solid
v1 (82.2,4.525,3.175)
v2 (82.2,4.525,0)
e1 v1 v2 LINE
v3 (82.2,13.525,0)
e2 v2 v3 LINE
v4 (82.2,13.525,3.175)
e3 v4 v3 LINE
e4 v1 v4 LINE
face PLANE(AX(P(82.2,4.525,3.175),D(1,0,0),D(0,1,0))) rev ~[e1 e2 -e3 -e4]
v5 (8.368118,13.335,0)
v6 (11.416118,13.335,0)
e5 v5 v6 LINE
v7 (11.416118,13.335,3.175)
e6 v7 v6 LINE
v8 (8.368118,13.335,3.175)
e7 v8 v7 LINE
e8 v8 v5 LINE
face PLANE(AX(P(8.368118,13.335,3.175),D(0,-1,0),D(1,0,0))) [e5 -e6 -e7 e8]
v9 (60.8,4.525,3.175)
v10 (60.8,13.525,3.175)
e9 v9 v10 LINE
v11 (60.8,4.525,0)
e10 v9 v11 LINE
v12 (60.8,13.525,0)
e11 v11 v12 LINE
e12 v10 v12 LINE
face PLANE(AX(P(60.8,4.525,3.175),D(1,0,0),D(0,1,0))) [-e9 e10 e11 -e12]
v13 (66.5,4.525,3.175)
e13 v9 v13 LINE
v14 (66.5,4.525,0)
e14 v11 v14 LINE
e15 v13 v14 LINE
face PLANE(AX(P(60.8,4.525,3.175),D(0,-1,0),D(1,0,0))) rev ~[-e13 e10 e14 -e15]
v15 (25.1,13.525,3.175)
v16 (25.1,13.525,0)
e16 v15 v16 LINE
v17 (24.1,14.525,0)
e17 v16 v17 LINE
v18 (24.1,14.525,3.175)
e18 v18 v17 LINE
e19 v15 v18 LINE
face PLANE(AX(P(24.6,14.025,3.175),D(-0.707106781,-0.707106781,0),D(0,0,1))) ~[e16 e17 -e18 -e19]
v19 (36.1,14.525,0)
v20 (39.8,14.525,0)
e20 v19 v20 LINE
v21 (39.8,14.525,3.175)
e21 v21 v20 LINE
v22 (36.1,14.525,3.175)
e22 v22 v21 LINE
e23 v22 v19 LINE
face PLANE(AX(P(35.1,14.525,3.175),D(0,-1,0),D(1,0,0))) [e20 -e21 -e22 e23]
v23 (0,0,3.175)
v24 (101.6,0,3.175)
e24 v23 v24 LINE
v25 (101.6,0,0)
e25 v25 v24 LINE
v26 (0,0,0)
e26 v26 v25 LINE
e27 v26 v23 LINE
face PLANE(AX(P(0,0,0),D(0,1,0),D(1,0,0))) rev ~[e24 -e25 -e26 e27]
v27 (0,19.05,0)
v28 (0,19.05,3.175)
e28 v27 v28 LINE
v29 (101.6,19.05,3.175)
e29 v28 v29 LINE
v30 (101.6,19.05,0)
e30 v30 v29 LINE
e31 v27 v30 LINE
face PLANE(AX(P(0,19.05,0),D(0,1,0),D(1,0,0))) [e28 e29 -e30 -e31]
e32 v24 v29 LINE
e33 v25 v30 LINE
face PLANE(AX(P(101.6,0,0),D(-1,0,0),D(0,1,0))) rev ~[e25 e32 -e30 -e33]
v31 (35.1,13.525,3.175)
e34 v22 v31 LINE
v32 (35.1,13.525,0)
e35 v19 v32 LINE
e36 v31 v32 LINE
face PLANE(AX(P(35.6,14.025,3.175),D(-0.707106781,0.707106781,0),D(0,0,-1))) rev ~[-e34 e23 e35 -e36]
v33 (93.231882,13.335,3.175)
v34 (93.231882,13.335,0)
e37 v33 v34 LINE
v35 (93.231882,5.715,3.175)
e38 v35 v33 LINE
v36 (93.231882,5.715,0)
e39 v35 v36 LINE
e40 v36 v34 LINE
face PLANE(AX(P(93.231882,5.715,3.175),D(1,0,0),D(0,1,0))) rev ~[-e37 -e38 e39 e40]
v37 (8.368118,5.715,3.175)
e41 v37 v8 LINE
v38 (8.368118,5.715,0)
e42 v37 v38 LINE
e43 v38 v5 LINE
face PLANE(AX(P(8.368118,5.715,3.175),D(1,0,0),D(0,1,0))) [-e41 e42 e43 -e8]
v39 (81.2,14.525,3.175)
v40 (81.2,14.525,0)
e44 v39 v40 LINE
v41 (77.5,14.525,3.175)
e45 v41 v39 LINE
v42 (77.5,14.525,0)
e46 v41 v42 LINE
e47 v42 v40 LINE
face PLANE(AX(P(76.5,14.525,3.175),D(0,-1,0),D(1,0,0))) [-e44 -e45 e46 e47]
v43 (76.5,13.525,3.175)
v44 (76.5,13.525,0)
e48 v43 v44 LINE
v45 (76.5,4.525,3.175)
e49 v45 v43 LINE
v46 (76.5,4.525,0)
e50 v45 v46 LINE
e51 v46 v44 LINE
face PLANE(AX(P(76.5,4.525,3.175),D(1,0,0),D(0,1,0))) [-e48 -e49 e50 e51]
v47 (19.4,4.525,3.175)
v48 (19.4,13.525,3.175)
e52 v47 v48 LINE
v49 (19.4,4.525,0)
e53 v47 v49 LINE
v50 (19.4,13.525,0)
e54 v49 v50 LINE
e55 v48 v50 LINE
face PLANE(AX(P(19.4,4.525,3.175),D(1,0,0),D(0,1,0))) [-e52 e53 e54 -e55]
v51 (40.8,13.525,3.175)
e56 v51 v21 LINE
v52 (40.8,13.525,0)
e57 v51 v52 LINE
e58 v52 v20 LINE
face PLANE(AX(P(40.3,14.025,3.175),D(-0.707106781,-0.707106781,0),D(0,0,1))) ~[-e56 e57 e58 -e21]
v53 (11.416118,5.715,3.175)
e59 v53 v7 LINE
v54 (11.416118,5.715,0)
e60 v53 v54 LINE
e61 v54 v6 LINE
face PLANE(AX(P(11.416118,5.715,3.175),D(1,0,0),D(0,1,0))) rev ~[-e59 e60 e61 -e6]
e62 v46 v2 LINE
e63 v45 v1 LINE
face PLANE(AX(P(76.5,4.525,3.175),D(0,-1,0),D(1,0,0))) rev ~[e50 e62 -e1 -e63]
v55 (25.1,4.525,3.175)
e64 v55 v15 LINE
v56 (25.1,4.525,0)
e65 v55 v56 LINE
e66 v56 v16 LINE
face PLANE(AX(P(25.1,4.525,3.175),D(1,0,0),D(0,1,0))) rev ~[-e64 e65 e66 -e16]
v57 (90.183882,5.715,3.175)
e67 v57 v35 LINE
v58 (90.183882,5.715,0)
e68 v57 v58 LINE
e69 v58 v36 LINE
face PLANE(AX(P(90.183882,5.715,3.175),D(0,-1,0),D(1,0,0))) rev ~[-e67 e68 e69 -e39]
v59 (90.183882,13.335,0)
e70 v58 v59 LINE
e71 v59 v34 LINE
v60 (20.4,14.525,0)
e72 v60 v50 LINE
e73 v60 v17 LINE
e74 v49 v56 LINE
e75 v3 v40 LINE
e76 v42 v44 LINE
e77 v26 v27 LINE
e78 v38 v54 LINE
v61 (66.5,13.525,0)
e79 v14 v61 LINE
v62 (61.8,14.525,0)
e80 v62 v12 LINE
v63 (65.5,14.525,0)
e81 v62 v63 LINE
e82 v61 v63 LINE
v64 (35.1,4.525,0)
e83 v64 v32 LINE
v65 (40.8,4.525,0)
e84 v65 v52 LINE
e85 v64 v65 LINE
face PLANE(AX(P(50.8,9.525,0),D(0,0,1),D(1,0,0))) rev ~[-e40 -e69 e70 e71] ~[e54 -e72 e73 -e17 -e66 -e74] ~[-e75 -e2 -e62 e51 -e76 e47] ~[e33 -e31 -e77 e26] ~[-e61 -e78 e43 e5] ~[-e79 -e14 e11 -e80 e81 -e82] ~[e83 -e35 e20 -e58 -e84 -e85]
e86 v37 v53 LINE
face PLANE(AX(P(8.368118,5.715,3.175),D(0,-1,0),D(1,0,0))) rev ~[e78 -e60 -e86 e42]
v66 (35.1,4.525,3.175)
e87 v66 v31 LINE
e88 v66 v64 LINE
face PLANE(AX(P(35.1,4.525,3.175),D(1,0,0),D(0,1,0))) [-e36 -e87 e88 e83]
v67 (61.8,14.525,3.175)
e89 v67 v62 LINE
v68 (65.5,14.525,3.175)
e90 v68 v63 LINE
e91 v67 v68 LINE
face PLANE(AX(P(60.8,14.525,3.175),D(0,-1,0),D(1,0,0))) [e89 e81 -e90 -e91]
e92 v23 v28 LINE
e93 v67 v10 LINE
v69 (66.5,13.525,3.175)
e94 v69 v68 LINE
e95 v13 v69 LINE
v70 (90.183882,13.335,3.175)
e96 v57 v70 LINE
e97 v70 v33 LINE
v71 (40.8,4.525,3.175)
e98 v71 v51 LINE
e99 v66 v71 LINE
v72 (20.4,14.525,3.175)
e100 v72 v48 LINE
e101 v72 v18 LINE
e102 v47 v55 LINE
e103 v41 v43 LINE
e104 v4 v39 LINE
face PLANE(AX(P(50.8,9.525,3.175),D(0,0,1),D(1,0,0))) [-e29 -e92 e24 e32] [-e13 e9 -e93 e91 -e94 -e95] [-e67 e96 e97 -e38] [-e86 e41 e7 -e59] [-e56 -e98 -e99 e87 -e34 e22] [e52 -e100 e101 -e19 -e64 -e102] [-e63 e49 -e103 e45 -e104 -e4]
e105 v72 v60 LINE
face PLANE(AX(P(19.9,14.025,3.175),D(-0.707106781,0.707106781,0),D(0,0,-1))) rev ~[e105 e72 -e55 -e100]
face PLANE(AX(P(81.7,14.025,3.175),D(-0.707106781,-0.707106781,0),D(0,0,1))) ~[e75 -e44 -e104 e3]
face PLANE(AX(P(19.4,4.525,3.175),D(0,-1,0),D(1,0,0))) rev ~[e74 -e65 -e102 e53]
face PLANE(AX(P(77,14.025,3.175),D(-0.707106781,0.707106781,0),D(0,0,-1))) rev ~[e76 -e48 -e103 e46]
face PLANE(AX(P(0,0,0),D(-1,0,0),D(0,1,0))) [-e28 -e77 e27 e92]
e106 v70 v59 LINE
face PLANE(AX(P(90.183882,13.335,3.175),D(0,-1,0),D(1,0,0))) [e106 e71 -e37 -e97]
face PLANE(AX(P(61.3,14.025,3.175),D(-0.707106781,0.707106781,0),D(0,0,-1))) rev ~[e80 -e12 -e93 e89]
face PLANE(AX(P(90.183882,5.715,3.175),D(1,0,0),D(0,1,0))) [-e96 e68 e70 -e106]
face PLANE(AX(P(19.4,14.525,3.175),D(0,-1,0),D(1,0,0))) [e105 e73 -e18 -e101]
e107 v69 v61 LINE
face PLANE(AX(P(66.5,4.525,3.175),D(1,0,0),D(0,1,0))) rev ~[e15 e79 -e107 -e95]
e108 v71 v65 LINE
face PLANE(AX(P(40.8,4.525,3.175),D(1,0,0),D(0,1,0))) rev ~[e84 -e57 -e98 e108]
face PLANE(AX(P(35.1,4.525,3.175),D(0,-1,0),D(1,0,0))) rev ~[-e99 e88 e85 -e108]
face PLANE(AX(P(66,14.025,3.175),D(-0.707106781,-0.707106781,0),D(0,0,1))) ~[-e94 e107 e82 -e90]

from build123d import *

# Parameters (mm, degrees)
SKETCH1_W           = 101.6
SKETCH1_H           = 19.05
BOSS_EXTRUDE1_DEPTH = 3.175
SKETCH2_W           = 3.048
SKETCH2_H           = 7.62
CUT_EXTRUDE1_DEPTH  = 4.175
SKETCH3_W           = 5.7
SKETCH3_H           = 10
CUT_EXTRUDE2_DEPTH  = 4.175
CHAMFER1_SIZE       = 1


with BuildPart() as part:
    # Sketch1 → Boss-Extrude1 (new body)
    with BuildSketch(Plane.XY):
        with Locations((50.8, 9.525)):
            Rectangle(SKETCH1_W, SKETCH1_H)
    extrude(amount=BOSS_EXTRUDE1_DEPTH)

    # Sketch2 → Cut-Extrude1 (cut, through all)
    with BuildSketch(Plane.XY.offset(3.175)):
        with Locations((9.892117884, 9.525)):
            Rectangle(SKETCH2_W, SKETCH2_H)
        with Locations((91.707882116, 9.525)):
            Rectangle(SKETCH2_W, SKETCH2_H)
    extrude(amount=-CUT_EXTRUDE1_DEPTH, mode=Mode.SUBTRACT)

    # Sketch3 → Cut-Extrude2 (cut, through all)
    with BuildSketch(Plane.XY.offset(3.175)):
        with Locations((37.95, 9.525)):
            Rectangle(SKETCH3_W, SKETCH3_H)
        with Locations((63.65, 9.525)):
            Rectangle(SKETCH3_W, SKETCH3_H)
        with Locations((79.35, 9.525)):
            Rectangle(SKETCH3_W, SKETCH3_H)
        with Locations((22.25, 9.525)):
            Rectangle(SKETCH3_W, SKETCH3_H)
    extrude(amount=-CUT_EXTRUDE2_DEPTH, mode=Mode.SUBTRACT)

    # Chamfer1
    chamfer1_edges = [part.edges().sort_by_distance(p)[0] for p in [
        (76.5, 14.525, 1.5875),
        (82.2, 14.525, 1.5875),
        (19.4, 14.525, 1.5875),
        (25.1, 14.525, 1.5875),
        (60.8, 14.525, 1.5875),
        (66.5, 14.525, 1.5875),
        (35.1, 14.525, 1.5875),
        (40.8, 14.525, 1.5875),
    ]]
    chamfer(chamfer1_edges, length=CHAMFER1_SIZE)


solid = part.part
